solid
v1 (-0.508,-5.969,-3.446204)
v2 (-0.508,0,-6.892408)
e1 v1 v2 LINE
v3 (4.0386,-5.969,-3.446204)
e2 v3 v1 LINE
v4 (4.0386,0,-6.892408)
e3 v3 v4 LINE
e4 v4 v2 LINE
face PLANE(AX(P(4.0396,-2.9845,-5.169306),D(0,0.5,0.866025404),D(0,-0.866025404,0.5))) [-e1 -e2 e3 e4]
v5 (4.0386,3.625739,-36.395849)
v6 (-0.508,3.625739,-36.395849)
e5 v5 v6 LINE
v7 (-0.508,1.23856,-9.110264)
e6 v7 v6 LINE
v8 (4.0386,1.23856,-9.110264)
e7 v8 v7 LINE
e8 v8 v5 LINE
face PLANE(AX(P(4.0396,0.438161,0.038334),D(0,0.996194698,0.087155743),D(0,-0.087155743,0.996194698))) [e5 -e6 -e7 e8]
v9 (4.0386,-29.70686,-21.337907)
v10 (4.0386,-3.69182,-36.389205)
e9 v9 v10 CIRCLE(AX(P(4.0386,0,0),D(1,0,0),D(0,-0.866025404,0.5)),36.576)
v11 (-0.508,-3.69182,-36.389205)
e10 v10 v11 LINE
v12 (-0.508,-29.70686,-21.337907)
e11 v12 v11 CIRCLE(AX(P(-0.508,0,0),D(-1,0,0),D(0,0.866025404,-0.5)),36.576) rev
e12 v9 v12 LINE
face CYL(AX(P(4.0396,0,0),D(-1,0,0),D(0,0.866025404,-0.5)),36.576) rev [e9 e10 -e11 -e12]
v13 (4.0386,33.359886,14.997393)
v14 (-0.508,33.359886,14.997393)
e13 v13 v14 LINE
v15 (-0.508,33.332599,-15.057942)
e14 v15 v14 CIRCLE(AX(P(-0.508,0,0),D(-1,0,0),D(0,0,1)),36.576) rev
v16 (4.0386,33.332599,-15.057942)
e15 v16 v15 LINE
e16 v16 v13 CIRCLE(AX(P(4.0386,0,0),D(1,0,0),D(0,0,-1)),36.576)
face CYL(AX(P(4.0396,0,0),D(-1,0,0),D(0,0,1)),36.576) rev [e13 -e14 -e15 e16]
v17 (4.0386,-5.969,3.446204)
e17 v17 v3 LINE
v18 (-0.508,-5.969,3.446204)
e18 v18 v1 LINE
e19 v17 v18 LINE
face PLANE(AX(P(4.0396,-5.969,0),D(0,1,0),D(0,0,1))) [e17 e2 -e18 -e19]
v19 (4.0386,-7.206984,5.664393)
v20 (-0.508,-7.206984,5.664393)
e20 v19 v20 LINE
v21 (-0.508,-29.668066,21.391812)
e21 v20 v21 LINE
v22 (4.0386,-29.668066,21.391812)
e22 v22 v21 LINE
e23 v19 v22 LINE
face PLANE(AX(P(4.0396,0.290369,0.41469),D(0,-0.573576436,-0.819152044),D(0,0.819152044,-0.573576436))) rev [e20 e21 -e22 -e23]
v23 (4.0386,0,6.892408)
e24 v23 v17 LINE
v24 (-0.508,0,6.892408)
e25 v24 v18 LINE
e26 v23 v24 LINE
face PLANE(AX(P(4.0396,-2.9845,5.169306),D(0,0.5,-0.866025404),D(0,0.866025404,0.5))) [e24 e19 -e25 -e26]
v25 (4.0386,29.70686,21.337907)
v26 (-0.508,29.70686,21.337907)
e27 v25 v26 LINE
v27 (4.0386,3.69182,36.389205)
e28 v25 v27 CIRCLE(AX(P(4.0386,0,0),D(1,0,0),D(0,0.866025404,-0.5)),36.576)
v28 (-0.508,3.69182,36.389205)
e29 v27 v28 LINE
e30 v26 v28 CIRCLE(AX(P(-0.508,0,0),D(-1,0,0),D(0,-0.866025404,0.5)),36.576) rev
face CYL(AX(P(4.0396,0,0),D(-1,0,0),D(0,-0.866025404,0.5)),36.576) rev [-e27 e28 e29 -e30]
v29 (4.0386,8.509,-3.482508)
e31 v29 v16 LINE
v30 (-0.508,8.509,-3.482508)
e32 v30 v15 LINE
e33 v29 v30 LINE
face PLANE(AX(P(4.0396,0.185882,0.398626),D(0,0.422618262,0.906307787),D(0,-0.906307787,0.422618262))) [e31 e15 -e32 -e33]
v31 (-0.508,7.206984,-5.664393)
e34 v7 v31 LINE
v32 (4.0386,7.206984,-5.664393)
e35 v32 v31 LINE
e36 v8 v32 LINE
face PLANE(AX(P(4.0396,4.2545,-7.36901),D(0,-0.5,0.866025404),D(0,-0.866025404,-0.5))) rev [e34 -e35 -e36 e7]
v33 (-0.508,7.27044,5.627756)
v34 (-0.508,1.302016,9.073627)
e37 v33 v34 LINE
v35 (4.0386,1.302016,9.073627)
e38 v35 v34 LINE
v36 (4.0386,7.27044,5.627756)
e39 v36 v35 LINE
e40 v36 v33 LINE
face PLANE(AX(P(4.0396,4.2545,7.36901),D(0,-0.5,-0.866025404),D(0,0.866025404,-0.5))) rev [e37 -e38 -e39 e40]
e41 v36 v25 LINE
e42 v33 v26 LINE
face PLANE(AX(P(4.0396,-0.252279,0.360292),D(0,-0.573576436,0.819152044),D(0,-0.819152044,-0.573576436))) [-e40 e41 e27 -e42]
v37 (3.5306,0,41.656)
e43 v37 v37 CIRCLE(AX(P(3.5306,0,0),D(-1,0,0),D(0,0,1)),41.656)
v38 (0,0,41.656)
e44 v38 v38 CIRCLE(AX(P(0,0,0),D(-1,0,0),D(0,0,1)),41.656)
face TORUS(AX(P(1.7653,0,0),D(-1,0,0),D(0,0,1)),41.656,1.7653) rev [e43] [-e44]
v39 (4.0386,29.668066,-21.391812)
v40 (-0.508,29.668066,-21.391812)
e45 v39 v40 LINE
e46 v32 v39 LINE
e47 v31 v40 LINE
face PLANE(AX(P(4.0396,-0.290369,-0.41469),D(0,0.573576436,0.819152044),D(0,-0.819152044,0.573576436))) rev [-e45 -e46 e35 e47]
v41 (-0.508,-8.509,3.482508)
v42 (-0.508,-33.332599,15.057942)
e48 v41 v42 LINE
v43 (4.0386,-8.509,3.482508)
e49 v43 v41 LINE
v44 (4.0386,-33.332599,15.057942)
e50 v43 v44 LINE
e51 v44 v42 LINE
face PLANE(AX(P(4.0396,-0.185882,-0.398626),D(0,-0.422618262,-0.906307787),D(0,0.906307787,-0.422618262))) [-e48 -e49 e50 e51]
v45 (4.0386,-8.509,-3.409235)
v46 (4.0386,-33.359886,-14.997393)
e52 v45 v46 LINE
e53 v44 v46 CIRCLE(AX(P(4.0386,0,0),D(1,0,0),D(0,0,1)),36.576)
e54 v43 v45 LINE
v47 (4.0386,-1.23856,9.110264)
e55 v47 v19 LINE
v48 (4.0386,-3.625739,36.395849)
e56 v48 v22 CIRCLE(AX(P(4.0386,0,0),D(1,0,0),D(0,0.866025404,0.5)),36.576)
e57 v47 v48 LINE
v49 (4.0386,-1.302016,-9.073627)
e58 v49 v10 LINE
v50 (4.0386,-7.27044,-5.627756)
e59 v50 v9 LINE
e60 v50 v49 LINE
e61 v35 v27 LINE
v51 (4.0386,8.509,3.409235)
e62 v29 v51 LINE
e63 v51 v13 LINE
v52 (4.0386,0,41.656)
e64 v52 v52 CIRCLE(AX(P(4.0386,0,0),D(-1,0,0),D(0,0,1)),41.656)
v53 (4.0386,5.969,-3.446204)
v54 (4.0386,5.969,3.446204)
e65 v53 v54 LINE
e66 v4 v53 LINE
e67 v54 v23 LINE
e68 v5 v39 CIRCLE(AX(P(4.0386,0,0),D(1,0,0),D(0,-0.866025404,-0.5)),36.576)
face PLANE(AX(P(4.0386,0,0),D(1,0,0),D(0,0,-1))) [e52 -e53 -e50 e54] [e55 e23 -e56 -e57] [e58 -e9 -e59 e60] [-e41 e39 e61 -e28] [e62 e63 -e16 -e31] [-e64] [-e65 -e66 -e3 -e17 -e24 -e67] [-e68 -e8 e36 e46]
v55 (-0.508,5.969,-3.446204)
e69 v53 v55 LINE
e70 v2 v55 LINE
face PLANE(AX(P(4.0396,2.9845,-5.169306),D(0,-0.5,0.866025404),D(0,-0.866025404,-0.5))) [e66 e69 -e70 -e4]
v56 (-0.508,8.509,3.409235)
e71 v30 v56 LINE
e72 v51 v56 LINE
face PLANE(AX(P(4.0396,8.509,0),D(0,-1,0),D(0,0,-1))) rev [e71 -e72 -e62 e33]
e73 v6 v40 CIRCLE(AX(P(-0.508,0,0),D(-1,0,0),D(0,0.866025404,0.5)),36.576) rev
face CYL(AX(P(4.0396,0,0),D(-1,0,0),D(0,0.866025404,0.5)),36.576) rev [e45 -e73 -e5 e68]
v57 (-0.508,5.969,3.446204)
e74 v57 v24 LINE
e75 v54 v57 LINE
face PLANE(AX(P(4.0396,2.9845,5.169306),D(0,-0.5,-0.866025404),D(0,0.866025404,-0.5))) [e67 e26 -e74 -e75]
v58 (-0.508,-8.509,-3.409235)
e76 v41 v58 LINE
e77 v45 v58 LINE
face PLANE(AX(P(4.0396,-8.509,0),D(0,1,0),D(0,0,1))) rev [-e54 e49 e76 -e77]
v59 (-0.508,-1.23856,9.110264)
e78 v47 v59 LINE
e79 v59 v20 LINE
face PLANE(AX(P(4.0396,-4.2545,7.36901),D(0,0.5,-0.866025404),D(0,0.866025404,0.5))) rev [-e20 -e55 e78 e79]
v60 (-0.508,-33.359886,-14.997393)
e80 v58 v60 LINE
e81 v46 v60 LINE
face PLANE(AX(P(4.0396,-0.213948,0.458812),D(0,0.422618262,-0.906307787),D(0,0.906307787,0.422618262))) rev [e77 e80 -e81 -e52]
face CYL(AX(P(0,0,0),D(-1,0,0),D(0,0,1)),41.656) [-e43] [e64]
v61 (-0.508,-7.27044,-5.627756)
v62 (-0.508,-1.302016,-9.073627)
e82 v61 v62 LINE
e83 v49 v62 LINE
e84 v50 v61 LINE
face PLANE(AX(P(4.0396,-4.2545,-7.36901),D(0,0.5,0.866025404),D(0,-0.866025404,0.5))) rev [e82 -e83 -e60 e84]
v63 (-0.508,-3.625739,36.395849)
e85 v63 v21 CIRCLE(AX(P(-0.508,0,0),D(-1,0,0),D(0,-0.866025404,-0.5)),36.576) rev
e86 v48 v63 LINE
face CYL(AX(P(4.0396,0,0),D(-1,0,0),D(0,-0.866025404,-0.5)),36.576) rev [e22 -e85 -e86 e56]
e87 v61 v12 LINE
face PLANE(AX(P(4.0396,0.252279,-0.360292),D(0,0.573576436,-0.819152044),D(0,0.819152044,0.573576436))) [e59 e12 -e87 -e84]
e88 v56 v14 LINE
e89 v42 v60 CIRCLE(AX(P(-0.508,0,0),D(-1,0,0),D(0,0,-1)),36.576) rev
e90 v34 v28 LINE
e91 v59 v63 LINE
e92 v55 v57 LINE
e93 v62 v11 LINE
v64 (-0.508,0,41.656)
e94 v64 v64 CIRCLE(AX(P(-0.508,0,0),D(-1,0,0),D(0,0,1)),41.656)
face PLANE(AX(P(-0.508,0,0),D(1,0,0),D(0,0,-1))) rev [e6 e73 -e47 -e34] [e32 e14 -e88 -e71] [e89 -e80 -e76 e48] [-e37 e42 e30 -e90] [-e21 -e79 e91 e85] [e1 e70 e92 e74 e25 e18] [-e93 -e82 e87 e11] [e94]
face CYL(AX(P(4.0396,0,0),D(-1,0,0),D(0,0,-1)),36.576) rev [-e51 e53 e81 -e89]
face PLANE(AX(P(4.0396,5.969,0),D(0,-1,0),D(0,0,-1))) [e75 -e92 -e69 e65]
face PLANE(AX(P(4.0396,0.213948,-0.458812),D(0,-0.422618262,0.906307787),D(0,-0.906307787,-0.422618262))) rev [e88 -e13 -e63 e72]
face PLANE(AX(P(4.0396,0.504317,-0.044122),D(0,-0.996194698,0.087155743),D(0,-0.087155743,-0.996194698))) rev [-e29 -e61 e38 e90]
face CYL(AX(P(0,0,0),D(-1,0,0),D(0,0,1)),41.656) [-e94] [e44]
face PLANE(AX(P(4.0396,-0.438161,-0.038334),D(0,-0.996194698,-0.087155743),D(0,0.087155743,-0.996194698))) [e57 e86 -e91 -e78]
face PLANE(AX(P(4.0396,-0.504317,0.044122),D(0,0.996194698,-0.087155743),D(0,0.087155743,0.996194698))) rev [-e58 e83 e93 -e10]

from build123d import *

# Parameters (mm, degrees)
SKETCH2_W          = 0.508
SKETCH2_H          = 41.656
CUT_EXTRUDE1_REACH = 61.086
SKETCH3_R          = 1.651
CIRPATTERN1_COUNT  = 6


with BuildPart() as part:
    # Sketch2 → Revolve1 (revolve)
    with BuildSketch(Plane.XY, mode=Mode.PRIVATE) as revolve1_sk:
        with Locations((-0.254, 20.828)):
            Rectangle(SKETCH2_W, SKETCH2_H)
        with BuildLine():
            ThreePointArc((0, 41.656), (1.7653, 39.8907), (3.5306, 41.656))
            Line((3.5306, 41.656), (3.5306, 0))
            Line((3.5306, 0), (0, 0))
            Line((0, 0), (0, 41.656))
        make_face()
        with Locations((3.7846, 20.828)):
            Rectangle(SKETCH2_W, SKETCH2_H)
    revolve(revolve1_sk.sketch.rotate(Axis((0, 0, 0), (1, 0, 0)), 90), axis=Axis((0, 0, 0), (1, 0, 0)))

    # Sketch3 → Cut-Extrude1 (cut, up to next)
    with BuildSketch(Plane(origin=(-0.508, 0, 0), x_dir=(0, 0, -1), z_dir=(1, 0, 0)), mode=Mode.PRIVATE) as cut_extrude1_sk1:
        with BuildLine():
            ThreePointArc((6.764649654, 21.414174788), (-0.091034511, 22.457049662), (-6.938038467, 21.358627977))
            Line((-6.938038467, 21.358627977), (-3.409234604, 8.509))
            Line((-3.409234604, 8.509), (3.48250762, 8.509))
            Line((3.48250762, 8.509), (6.764649654, 21.414174788))
        make_face()
    cut_extrude1_tool1 = extrude(cut_extrude1_sk1.sketch, amount=CUT_EXTRUDE1_REACH, mode=Mode.PRIVATE) & part.part
    # Sketch3 → Cut-Extrude1 (cut, up to next)
    with BuildSketch(Plane(origin=(-0.508, 0, 0), x_dir=(0, 0, -1), z_dir=(1, 0, 0)), mode=Mode.PRIVATE) as cut_extrude1_sk2:
        with BuildLine():
            Line((6.764649654, 21.414174788), (3.48250762, 8.509))
            Line((3.48250762, 8.509), (15.057941963, 33.332599056))
            ThreePointArc((15.057941963, 33.332599056), (0.03320673, 36.575984926), (-14.997392963, 33.359885796))
            Line((-14.997392963, 33.359885796), (-3.409234604, 8.509))
            Line((-3.409234604, 8.509), (-6.938038467, 21.358627977))
            ThreePointArc((-6.938038467, 21.358627977), (-0.091034511, 22.457049662), (6.764649654, 21.414174788))
        make_face()
    cut_extrude1_tool2 = extrude(cut_extrude1_sk2.sketch, amount=CUT_EXTRUDE1_REACH, mode=Mode.PRIVATE) & part.part
    # Sketch3 → Cut-Extrude1 (cut, up to next)
    with BuildSketch(Plane(origin=(-0.508, 0, 0), x_dir=(0, 0, -1), z_dir=(1, 0, 0)), mode=Mode.PRIVATE) as cut_extrude1_sk3:
        Polygon((6.892407514, 0), (3.446203757, 5.969), (-3.446203757, 5.969), (-6.892407514, 0), (-3.446203757, -5.969), (3.446203757, -5.969), align=None)
        Circle(SKETCH3_R, mode=Mode.SUBTRACT)
    cut_extrude1_tool3 = extrude(cut_extrude1_sk3.sketch, amount=CUT_EXTRUDE1_REACH, mode=Mode.PRIVATE) & part.part
    # Sketch3 → Cut-Extrude1 (cut, up to next)
    with BuildSketch(Plane(origin=(-0.508, 0, 0), x_dir=(0, 0, -1), z_dir=(1, 0, 0)), mode=Mode.PRIVATE) as cut_extrude1_sk4:
        Circle(SKETCH3_R)
    cut_extrude1_tool4 = extrude(cut_extrude1_sk4.sketch, amount=CUT_EXTRUDE1_REACH, mode=Mode.PRIVATE) & part.part
    cut_extrude1_1 = cut_extrude1_tool1.solids().sort_by_distance((-0.508, 16.082461, 0.033427))[0]
    add(cut_extrude1_1, mode=Mode.SUBTRACT)
    cut_extrude1_2 = cut_extrude1_tool2.solids().sort_by_distance((-0.508, 28.201859, -0.056512))[0]
    add(cut_extrude1_2, mode=Mode.SUBTRACT)
    cut_extrude1_3 = cut_extrude1_tool3.solids().sort_by_distance((-0.508, 2.893322, -5.011381))[0]
    add(cut_extrude1_3, mode=Mode.SUBTRACT)
    cut_extrude1_4 = cut_extrude1_tool4.solids().sort_by_distance((-0.508, 0, 0))[0]
    add(cut_extrude1_4, mode=Mode.SUBTRACT)
    cut_extrude1 = cut_extrude1_1 + cut_extrude1_2 + cut_extrude1_3 + cut_extrude1_4  # Cut-Extrude1 as one shape, for the pattern or mirror that repeats it

    # CirPattern1: Cut-Extrude1 ×6 about axis
    cirpattern1_axis = Axis((0, 0, 0), (1, 0, 0))
    for i in range(1, CIRPATTERN1_COUNT):
        add(cut_extrude1.rotate(cirpattern1_axis, i * 360 / CIRPATTERN1_COUNT), mode=Mode.SUBTRACT)


solid = part.part
